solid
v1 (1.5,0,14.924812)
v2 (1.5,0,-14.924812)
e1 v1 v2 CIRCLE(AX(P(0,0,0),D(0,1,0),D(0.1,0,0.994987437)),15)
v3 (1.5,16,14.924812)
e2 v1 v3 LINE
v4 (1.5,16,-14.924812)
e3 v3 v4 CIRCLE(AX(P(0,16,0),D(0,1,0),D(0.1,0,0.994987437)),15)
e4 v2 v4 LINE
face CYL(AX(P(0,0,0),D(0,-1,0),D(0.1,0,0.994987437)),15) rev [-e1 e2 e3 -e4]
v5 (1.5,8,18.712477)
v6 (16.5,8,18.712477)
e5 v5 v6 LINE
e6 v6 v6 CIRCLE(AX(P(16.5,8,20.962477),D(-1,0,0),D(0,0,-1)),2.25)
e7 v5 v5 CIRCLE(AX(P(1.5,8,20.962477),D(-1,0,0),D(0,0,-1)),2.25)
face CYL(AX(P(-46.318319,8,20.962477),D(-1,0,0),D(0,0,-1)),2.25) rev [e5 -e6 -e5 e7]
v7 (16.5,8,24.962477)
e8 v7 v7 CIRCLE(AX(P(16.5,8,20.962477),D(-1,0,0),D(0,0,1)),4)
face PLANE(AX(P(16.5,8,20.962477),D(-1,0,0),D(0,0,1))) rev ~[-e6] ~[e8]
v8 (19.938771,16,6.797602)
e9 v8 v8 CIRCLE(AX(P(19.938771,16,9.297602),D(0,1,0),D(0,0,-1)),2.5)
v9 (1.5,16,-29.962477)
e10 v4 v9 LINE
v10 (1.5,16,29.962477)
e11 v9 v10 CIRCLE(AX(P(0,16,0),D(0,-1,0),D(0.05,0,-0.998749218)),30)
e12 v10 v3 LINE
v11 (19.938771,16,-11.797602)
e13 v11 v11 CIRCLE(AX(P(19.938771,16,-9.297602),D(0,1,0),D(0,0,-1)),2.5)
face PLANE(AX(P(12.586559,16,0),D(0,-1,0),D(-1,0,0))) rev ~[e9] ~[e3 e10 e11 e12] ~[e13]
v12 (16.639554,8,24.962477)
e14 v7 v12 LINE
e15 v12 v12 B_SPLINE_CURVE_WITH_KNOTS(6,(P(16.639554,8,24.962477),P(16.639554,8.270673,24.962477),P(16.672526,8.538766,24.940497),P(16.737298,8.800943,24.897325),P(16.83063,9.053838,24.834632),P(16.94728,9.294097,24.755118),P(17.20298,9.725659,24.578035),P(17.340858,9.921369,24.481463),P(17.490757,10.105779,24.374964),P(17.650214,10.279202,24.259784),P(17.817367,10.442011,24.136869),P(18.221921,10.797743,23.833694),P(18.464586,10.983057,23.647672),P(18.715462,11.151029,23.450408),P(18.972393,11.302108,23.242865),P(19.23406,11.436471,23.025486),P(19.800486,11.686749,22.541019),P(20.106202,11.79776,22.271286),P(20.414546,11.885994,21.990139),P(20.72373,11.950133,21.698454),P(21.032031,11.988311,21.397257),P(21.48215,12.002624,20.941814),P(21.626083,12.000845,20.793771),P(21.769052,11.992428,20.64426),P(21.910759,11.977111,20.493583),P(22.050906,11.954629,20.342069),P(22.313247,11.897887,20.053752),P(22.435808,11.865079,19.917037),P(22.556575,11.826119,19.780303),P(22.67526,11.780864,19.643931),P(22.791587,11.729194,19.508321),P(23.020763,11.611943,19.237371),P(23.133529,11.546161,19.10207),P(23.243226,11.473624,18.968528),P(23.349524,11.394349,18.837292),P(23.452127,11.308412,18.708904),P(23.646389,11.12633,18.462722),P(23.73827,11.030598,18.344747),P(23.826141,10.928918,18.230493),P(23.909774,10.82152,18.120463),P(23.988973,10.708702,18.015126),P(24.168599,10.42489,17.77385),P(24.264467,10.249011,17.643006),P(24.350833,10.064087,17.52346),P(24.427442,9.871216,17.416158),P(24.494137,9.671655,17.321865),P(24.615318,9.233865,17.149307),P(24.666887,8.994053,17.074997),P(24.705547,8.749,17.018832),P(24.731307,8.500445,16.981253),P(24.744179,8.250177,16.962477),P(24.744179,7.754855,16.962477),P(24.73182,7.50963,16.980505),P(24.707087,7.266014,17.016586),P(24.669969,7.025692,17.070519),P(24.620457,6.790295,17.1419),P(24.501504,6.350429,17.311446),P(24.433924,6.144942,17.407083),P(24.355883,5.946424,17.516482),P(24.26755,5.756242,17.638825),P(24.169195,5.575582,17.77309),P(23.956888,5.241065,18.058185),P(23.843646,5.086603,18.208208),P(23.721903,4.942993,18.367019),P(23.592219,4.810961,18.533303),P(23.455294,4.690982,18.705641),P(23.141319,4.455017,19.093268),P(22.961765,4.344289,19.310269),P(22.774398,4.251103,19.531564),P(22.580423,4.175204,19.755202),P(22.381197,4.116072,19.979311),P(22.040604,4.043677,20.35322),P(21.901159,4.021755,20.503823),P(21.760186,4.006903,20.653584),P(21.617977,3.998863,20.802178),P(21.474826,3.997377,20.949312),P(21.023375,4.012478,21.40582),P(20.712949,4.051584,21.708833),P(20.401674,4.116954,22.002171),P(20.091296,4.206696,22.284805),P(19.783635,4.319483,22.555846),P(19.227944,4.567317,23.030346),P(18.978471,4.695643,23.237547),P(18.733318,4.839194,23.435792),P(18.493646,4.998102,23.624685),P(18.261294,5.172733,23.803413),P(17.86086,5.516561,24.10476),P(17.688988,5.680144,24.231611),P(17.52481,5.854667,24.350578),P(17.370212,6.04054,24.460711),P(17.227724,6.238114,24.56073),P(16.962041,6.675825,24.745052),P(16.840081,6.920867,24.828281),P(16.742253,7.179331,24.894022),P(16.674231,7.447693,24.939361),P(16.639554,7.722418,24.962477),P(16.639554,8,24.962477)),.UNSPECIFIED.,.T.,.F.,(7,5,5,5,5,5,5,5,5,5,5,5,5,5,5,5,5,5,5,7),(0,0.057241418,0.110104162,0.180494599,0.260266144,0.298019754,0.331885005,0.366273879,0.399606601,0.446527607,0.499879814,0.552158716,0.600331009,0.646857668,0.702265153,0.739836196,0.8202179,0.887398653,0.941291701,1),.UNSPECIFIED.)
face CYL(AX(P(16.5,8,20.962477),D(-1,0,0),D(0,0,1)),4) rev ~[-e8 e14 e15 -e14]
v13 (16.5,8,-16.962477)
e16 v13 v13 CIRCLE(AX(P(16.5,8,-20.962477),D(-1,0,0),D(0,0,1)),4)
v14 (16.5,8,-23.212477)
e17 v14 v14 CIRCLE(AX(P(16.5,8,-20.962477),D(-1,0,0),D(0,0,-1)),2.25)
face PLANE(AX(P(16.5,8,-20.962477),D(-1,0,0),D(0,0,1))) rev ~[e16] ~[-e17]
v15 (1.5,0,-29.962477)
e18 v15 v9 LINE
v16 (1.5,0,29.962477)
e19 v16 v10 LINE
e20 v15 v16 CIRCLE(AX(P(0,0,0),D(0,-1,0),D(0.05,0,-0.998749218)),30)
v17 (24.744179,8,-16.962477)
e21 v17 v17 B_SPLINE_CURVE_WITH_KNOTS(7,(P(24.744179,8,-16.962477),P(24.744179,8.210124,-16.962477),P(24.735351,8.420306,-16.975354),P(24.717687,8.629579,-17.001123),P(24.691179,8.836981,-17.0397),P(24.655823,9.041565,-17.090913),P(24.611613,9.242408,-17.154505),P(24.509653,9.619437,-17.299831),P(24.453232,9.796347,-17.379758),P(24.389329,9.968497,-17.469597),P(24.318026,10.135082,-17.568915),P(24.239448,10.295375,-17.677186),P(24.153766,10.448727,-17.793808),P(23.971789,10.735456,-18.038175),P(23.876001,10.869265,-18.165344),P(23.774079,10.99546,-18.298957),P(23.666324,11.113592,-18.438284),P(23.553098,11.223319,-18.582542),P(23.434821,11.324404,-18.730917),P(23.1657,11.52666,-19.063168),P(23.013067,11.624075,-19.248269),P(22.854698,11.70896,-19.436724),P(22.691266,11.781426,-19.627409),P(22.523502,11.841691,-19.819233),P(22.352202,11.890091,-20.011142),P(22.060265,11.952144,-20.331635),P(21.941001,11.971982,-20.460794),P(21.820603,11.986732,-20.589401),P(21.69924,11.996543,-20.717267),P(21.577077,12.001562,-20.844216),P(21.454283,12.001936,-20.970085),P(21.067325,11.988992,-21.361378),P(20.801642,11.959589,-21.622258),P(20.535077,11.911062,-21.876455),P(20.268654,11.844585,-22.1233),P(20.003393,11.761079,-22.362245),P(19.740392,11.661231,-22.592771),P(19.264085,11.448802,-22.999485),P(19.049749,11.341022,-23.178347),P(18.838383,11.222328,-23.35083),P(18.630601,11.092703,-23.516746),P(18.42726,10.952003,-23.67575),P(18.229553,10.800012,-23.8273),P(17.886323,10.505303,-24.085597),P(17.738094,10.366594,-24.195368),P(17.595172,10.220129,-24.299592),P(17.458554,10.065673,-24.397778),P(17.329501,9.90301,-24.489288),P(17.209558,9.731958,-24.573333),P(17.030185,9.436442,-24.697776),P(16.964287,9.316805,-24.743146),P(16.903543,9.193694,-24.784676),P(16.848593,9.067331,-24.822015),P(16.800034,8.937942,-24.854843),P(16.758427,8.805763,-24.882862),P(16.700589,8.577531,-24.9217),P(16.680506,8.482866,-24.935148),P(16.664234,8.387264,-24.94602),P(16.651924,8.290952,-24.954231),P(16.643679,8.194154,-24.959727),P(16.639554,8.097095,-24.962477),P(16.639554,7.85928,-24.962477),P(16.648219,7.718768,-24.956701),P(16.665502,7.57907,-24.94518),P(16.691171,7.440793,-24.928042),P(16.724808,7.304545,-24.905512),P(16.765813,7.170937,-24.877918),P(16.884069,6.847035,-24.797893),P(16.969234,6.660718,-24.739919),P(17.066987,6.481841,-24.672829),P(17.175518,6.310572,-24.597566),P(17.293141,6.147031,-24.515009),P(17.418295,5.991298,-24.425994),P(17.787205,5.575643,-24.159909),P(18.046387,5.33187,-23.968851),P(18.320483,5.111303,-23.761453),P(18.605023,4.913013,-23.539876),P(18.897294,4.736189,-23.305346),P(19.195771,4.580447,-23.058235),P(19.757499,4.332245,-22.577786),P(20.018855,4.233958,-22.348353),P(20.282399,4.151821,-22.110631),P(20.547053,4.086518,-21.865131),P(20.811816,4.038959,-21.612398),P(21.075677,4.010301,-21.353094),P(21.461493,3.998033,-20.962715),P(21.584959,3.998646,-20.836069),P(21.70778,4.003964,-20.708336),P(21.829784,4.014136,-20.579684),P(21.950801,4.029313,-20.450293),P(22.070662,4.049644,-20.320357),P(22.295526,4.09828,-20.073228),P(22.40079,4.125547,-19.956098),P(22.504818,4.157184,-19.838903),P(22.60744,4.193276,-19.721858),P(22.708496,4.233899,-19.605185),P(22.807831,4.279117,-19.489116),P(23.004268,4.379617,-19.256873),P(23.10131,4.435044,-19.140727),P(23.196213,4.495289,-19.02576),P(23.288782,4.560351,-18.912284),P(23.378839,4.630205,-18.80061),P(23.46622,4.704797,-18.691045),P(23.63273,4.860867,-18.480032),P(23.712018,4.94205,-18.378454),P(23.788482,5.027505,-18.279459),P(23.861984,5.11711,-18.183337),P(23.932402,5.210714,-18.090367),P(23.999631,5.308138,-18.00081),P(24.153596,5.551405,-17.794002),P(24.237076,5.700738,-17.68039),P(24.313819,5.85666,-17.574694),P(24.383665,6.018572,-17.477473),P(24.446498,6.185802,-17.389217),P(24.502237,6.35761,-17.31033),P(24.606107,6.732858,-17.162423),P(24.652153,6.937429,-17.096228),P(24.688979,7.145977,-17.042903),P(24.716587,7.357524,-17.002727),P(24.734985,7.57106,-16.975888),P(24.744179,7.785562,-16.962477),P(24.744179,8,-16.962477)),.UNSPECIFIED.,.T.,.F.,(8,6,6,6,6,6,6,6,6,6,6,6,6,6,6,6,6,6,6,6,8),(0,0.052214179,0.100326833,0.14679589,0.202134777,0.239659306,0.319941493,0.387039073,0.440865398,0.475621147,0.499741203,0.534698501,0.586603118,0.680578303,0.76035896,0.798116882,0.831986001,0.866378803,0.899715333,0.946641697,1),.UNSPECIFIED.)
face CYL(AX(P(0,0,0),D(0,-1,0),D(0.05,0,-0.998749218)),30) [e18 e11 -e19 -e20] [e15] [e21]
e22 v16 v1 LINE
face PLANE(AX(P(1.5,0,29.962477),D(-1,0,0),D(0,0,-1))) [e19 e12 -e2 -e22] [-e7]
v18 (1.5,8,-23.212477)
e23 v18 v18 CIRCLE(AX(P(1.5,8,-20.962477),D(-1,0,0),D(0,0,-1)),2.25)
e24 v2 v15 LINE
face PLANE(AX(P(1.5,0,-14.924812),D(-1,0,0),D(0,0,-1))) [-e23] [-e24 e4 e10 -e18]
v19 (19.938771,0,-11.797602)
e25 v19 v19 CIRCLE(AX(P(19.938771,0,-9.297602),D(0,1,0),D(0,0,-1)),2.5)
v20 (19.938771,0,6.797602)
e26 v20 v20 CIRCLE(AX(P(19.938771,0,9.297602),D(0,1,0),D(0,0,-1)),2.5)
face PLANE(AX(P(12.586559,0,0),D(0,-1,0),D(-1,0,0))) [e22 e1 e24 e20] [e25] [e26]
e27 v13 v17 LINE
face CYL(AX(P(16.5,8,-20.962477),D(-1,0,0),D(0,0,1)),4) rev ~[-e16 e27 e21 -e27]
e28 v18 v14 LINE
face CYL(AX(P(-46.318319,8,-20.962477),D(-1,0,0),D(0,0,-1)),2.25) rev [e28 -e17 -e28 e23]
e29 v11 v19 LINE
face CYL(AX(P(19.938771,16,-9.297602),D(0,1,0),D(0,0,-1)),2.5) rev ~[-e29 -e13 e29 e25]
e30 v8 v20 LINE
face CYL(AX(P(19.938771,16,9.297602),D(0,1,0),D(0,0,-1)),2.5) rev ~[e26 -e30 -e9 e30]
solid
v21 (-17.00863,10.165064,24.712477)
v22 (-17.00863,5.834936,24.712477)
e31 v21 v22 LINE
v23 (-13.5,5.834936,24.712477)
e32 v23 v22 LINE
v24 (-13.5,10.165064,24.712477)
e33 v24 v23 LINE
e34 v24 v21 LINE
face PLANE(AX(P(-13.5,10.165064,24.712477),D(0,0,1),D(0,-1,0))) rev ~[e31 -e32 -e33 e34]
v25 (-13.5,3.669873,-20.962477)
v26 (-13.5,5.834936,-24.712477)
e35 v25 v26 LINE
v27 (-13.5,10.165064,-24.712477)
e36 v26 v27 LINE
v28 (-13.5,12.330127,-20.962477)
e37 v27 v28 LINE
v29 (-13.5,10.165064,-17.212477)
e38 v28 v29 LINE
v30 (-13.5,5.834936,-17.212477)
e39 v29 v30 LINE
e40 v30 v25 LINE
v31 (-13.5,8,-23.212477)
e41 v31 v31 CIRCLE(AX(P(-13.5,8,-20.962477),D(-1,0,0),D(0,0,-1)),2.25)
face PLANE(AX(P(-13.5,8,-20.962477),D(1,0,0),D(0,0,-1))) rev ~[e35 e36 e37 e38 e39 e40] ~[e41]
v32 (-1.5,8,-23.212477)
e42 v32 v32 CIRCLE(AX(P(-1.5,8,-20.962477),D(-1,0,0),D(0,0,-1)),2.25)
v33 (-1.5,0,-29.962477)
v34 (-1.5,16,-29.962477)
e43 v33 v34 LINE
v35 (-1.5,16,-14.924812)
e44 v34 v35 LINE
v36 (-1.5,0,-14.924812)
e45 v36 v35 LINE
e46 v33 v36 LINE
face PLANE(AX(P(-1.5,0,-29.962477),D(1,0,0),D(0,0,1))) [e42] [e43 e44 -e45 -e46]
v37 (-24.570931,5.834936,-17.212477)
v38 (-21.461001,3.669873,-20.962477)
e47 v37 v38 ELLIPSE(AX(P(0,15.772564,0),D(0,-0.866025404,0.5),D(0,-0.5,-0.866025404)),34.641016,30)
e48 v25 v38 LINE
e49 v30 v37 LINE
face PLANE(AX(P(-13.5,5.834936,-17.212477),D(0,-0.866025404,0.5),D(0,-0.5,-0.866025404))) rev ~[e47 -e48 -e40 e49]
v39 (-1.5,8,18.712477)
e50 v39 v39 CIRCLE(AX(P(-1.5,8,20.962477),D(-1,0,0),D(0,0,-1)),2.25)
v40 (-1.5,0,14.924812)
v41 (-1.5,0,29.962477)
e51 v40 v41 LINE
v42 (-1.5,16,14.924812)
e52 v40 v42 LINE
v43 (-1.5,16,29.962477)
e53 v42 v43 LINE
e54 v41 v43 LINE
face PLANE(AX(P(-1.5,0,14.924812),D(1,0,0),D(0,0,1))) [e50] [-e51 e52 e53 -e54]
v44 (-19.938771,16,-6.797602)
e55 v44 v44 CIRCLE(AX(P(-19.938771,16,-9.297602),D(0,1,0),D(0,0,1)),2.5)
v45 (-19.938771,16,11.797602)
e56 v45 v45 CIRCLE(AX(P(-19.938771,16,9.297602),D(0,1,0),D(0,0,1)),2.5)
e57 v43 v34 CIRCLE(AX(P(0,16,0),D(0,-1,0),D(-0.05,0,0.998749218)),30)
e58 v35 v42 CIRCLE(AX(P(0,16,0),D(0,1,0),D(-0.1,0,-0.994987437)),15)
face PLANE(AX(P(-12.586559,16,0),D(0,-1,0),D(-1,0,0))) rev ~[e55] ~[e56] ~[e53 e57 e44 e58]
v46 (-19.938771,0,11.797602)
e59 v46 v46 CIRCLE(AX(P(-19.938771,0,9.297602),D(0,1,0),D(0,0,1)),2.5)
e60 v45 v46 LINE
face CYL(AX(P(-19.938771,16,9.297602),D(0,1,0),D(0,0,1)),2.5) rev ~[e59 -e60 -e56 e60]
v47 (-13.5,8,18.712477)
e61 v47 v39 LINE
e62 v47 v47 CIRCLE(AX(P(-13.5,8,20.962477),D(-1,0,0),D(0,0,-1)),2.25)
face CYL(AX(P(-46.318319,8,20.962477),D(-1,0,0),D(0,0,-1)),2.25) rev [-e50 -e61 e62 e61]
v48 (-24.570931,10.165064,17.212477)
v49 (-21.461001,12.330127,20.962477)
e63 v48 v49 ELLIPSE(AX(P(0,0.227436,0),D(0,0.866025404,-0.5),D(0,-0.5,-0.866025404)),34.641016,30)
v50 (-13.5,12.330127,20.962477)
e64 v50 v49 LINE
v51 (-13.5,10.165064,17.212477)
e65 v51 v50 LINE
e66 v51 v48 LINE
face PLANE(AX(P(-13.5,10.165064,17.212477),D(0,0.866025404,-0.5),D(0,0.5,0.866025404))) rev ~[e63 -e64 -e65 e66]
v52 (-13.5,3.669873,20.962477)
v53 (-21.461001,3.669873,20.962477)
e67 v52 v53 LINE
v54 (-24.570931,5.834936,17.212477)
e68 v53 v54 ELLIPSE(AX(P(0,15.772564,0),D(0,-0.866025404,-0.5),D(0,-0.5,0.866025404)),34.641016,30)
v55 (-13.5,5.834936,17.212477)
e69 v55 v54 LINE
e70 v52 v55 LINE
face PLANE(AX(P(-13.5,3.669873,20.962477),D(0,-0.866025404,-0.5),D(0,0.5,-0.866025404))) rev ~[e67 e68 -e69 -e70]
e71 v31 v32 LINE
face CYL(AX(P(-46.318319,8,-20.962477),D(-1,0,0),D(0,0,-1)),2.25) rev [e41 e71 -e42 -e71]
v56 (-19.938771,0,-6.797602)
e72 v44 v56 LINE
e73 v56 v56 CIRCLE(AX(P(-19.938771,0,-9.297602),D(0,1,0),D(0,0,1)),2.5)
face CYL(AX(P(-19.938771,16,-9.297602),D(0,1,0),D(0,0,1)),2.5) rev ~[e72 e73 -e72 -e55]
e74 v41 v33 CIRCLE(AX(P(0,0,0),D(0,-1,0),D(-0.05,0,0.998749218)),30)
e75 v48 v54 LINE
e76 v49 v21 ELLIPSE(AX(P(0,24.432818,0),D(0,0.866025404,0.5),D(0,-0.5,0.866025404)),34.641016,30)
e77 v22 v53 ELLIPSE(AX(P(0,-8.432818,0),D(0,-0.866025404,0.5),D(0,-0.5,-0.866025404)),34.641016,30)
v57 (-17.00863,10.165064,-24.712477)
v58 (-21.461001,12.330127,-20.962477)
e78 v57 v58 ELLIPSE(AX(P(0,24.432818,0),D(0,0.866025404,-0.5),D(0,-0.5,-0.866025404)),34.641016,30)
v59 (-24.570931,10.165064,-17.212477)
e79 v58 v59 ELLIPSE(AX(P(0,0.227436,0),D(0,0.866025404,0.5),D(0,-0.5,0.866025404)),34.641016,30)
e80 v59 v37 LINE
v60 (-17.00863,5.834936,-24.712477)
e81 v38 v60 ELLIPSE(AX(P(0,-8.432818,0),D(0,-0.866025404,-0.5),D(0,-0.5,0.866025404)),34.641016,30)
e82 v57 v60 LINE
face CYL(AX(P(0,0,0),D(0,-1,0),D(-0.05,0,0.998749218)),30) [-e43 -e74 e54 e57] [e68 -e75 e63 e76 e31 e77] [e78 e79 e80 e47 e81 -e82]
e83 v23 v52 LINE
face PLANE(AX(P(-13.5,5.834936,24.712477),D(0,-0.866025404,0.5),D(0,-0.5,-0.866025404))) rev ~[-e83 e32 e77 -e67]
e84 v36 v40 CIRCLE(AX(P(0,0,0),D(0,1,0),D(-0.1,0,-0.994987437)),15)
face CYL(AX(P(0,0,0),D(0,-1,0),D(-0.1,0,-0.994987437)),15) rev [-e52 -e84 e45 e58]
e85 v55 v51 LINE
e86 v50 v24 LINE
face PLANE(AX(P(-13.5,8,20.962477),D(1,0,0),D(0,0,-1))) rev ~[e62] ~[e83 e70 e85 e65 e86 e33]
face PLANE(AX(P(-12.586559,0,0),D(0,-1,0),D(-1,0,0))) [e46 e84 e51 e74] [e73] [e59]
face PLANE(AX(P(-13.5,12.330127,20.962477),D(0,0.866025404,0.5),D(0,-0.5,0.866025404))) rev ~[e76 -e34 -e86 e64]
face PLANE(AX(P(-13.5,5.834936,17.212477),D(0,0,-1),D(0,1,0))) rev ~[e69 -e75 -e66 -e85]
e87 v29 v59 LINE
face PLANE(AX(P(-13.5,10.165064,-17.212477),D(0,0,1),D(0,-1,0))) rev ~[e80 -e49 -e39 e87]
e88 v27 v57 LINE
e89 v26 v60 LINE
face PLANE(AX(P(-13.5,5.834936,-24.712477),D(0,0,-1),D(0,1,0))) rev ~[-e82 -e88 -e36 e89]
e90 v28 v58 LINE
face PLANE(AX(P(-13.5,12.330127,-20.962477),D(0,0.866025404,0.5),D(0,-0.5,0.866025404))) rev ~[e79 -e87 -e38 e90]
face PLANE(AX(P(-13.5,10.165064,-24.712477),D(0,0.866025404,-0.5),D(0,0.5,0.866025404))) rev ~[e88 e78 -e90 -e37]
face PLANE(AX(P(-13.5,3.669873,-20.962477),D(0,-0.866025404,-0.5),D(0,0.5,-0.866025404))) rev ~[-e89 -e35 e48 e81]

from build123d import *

# Parameters (mm, degrees)
BOSS_EXTRUDE1_DEPTH     = 16
BOSS_EXTRUDE1_2_DEPTH   = 16
CUT_EXTRUDE1_DEPTH      = 46.318318592
CUT_EXTRUDE1_DEPTH_BACK = 46.318318592
SKETCH2_R               = 2.25
CUT_EXTRUDE2_START      = -15
SKETCH3_R               = 4
CUT_EXTRUDE2_DEPTH      = 32.324939455
CUT_EXTRUDE3_START      = -12
CUT_EXTRUDE3_DEPTH      = 35.324939455
SKETCH5_R               = 2.5
CUT_EXTRUDE4_DEPTH      = 46.31831876


with BuildPart() as part:
    # Sketch1 → Boss-Extrude1 (new body)
    with BuildSketch(Plane(origin=(0, 0, 0), x_dir=(1, 0, 0), z_dir=(0, 1, 0))):
        with BuildLine():
            Line((-1.5, 29.962476533), (-1.5, 14.924811557))
            ThreePointArc((-1.5, 14.924811557), (-15, 0), (-1.5, -14.924811557))
            Line((-1.5, -14.924811557), (-1.5, -29.962476533))
            ThreePointArc((-1.5, -29.962476533), (-30, 0), (-1.5, 29.962476533))
        make_face()
    extrude(amount=BOSS_EXTRUDE1_DEPTH)


with BuildPart() as body_2:
    # Sketch1 → Boss-Extrude1 2 (new body)
    with BuildSketch(Plane(origin=(0, 0, 0), x_dir=(1, 0, 0), z_dir=(0, 1, 0))):
        with BuildLine():
            Line((1.5, -29.962476533), (1.5, -14.924811557))
            ThreePointArc((1.5, -14.924811557), (15, 0), (1.5, 14.924811557))
            Line((1.5, 14.924811557), (1.5, 29.962476533))
            ThreePointArc((1.5, 29.962476533), (30, 0), (1.5, -29.962476533))
        make_face()
    extrude(amount=BOSS_EXTRUDE1_2_DEPTH)


with BuildPart() as cut_extrude1_tool:
    # Sketch2 → Cut-Extrude1 (new, two sides: drawn at the far end of the back side and taken through both)
    with BuildSketch(Plane(origin=(0, 0, 0), x_dir=(0, 0, -1), z_dir=(1, 0, 0)).offset(-CUT_EXTRUDE1_DEPTH_BACK)):
        with Locations((-20.962476533, 8)):
            Circle(SKETCH2_R)
        with Locations((20.962476533, 8)):
            Circle(SKETCH2_R)
    extrude(amount=CUT_EXTRUDE1_DEPTH + CUT_EXTRUDE1_DEPTH_BACK)


with BuildPart() as part_1:
    add(part.part)

    # Cut-Extrude1: cut by cut_extrude1_tool
    add(cut_extrude1_tool.part, mode=Mode.SUBTRACT)

    # Sketch4 → Cut-Extrude3 (cut, through all)
    with BuildSketch(Plane(origin=(-1.5, 0, 0), x_dir=(0, 0, -1), z_dir=(1, 0, 0)).offset(CUT_EXTRUDE3_START)):
        Polygon((-20.962476533, 12.330127019), (-24.712476533, 10.165063509), (-24.712476533, 5.834936491), (-20.962476533, 3.669872981), (-17.212476533, 5.834936491), (-17.212476533, 10.165063509), align=None)
        Polygon((20.962476533, 12.330127019), (17.212476533, 10.165063509), (17.212476533, 5.834936491), (20.962476533, 3.669872981), (24.712476533, 5.834936491), (24.712476533, 10.165063509), align=None)
    extrude(amount=-CUT_EXTRUDE3_DEPTH, mode=Mode.SUBTRACT)


with BuildPart() as body_2_1:
    add(body_2.part)

    # Cut-Extrude1: cut by cut_extrude1_tool
    add(cut_extrude1_tool.part, mode=Mode.SUBTRACT)

    # Sketch3 → Cut-Extrude2 (cut, through all)
    with BuildSketch(Plane.ZY.offset(-1.5).offset(CUT_EXTRUDE2_START)):
        with Locations((-20.962476533, 8)):
            Circle(SKETCH3_R)
        with Locations((20.962476533, 8)):
            Circle(SKETCH3_R)
    extrude(amount=-CUT_EXTRUDE2_DEPTH, mode=Mode.SUBTRACT)


with BuildPart() as cut_extrude4_tool:
    # Sketch5 → Cut-Extrude4 (new, through all)
    with BuildSketch(Plane(origin=(0, 16, 0), x_dir=(1, 0, 0), z_dir=(0, 1, 0))):
        with Locations(Location((-19.938771315, 9.297601758, 0), (0, 0, 270))):
            Circle(SKETCH5_R)
        with Locations(Location((-19.938771315, -9.297601758, 0), (0, 0, 270))):
            Circle(SKETCH5_R)
        with Locations(Location((19.938771315, -9.297601758, 0), (0, 0, 90))):
            Circle(SKETCH5_R)
        with Locations(Location((19.938771315, 9.297601758, 0), (0, 0, 90))):
            Circle(SKETCH5_R)
    extrude(amount=-CUT_EXTRUDE4_DEPTH)


with BuildPart() as part_2:
    add(part_1.part)

    # Cut-Extrude4: cut by cut_extrude4_tool
    add(cut_extrude4_tool.part, mode=Mode.SUBTRACT)


with BuildPart() as body_2_2:
    add(body_2_1.part)

    # Cut-Extrude4: cut by cut_extrude4_tool
    add(cut_extrude4_tool.part, mode=Mode.SUBTRACT)


solid = Compound([part_2.part, body_2_2.part])
